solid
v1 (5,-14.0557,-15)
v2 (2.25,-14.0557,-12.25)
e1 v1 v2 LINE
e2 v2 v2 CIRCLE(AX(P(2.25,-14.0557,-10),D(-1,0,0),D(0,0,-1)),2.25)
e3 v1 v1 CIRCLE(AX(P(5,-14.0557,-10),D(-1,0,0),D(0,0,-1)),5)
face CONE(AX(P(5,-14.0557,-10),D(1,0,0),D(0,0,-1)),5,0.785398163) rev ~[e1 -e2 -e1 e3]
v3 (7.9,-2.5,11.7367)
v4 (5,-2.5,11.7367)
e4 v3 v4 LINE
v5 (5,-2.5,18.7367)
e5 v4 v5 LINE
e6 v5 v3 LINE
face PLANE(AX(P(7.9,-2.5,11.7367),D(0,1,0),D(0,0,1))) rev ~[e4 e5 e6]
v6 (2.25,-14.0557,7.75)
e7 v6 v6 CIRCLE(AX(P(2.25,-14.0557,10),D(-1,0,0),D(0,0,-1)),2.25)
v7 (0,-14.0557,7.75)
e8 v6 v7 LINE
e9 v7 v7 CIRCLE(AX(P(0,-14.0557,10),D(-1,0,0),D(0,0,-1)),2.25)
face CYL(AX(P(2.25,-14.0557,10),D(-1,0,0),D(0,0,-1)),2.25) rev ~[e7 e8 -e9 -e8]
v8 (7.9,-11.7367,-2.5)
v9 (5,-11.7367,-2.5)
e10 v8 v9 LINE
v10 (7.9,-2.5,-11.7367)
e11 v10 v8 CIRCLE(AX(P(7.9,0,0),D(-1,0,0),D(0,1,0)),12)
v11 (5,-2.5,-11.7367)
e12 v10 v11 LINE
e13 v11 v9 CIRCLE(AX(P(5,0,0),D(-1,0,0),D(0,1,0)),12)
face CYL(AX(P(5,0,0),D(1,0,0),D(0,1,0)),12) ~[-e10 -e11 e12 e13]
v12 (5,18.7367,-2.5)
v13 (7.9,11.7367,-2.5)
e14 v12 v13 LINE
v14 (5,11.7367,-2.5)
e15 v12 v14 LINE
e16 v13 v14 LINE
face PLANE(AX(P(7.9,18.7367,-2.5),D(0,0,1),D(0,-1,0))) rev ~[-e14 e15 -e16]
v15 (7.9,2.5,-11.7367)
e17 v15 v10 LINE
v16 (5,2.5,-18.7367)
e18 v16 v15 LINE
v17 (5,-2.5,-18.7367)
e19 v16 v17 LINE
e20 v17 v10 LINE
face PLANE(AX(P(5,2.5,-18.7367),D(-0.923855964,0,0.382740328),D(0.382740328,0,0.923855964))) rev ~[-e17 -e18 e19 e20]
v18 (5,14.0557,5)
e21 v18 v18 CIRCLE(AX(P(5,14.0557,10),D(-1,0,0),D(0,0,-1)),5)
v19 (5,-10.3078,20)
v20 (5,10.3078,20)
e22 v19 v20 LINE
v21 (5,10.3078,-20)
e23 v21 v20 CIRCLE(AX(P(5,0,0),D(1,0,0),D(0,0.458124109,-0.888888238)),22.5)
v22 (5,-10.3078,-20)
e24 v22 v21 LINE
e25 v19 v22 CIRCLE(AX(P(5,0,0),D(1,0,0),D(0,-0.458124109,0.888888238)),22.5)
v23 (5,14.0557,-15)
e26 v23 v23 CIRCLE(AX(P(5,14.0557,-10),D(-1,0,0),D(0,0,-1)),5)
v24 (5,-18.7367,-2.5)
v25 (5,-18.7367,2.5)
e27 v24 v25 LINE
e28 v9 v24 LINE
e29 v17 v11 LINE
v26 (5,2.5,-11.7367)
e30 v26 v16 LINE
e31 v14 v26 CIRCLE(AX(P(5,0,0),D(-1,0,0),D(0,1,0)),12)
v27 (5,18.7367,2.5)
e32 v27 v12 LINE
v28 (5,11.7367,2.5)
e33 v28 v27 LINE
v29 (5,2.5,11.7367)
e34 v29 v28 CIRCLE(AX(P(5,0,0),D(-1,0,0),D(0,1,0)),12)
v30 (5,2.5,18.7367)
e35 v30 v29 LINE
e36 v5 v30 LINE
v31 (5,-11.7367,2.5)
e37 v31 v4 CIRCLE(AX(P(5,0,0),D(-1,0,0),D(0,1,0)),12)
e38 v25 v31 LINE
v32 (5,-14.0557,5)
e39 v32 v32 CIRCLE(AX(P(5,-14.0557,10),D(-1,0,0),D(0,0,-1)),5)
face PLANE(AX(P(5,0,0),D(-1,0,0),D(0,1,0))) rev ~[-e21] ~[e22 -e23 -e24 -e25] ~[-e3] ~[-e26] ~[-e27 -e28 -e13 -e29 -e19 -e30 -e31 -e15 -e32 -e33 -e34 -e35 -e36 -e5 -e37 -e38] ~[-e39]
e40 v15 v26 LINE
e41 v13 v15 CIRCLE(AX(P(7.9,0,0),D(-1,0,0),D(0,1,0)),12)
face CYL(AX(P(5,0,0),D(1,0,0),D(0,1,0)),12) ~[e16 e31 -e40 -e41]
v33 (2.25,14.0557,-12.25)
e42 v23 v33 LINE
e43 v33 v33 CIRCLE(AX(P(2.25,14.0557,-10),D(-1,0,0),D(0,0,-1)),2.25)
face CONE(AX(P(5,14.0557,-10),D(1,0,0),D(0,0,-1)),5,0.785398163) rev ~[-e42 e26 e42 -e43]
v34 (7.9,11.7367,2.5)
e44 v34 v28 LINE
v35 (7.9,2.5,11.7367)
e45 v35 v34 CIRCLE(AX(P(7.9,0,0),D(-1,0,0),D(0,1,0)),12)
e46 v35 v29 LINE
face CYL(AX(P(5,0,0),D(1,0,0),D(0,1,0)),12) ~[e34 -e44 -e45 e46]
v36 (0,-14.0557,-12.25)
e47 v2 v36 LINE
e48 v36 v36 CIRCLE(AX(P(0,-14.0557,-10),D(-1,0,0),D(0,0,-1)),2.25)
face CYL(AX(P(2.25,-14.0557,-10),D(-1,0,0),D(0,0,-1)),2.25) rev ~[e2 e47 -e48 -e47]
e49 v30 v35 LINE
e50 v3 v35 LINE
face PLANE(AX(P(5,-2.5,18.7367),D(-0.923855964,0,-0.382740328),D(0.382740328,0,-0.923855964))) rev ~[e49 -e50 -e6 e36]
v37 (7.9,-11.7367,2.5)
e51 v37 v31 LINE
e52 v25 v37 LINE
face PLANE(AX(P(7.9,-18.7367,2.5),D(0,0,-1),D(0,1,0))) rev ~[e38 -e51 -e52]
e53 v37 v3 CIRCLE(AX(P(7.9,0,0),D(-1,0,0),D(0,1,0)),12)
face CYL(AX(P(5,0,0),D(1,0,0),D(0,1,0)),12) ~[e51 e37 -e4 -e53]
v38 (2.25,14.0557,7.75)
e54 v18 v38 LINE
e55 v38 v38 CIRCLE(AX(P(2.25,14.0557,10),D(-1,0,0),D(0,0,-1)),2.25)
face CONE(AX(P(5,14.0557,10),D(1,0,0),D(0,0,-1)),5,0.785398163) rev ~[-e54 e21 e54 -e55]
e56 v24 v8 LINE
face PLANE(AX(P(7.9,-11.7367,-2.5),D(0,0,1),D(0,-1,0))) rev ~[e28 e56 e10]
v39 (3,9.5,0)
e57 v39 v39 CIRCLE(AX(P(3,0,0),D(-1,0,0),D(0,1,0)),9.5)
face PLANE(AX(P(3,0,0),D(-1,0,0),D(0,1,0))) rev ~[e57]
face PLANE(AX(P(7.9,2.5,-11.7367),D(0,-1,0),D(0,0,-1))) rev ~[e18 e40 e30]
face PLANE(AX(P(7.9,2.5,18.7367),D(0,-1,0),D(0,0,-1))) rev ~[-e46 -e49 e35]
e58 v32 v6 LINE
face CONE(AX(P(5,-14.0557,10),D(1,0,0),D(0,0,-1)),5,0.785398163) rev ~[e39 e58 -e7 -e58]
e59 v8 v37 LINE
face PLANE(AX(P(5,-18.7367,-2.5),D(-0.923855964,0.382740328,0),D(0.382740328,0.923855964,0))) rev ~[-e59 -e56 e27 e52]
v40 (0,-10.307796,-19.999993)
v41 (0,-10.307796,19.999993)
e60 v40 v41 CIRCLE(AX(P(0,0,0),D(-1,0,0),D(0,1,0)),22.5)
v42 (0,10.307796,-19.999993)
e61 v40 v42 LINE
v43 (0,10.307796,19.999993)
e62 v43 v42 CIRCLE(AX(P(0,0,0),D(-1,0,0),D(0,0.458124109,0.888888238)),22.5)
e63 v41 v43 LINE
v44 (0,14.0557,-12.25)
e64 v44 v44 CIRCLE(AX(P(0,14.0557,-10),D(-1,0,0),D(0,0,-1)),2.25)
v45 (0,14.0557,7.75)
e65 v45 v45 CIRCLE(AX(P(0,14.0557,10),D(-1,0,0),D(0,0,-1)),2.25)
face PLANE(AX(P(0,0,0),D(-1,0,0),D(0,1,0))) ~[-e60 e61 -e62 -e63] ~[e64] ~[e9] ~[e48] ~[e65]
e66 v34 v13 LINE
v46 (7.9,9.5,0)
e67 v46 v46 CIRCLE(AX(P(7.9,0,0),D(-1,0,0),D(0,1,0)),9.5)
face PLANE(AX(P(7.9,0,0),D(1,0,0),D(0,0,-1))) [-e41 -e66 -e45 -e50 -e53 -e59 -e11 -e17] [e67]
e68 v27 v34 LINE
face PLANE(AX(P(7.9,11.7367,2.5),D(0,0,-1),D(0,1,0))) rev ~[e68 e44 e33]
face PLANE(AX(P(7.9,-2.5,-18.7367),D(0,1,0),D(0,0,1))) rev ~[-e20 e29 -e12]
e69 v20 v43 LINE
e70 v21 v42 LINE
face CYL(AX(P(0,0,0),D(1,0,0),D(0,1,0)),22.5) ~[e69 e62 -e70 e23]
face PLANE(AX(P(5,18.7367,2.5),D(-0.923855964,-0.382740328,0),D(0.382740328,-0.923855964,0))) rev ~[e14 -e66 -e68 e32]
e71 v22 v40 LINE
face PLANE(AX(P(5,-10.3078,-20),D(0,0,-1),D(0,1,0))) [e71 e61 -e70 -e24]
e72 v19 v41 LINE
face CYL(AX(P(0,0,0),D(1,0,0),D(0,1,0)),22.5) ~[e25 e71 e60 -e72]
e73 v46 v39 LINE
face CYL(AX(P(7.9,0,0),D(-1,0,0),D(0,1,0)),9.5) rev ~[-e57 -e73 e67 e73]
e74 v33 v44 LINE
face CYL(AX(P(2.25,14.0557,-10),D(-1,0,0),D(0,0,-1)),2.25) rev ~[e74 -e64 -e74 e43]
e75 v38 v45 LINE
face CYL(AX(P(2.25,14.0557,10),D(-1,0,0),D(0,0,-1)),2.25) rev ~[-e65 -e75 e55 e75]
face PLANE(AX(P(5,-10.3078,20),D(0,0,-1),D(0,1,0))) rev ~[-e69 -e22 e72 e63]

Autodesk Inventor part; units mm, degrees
ref_plane "YZ Plane" through (0, 0, 0) normal (1, 0, 0) x (0, 1, 0)
ref_plane "XZ Plane" through (0, 0, 0) normal (0, 1, 0) x (-1, 0, 0)
ref_plane "XY Plane" through (0, 0, 0) normal (0, 0, 1) x (1, 0, 0)
sketch "Skizze1" plane through (0, 0, 0) normal (0, 0, 1) x (1, 0, 0)
  line L0 (0, 0) -> (0, 22.5)
  line L1 (0, 22.5) -> (5, 22.5)
  line L2 (5, 22.5) -> (5, 12)
  line L3 (5, 12) -> (7.9, 12)
  line L4 (7.9, 12) -> (7.9, 9.5)
  line L5 (7.9, 9.5) -> (3, 9.5)
  line L6 (3, 9.5) -> (3, 0)
  line L7 (3, 0) -> (0, 0)
  line L8 (5, 17.25) -> (0, 17.25) construction
  line L9 (0, 18.75) -> (5, 18.75) construction
  line L10 (0, 15.75) -> (5, 15.75) construction
  line L11 (9, 12) -> (9, 0) construction
  line L12 (5, 12) -> (5, 0) construction
  dimension "d0" = 19
  dimension "d3" = 5
  dimension "d5" = 3
  dimension "d6" = 1.5
  dimension "d7" = 3.75
  dimension "d17" = 2.5
  dimension "d18" = 24
  dimension "d31" = 1.1
  dimension "d32" = 4
  dimension "d33" = 2
  dimension "d34" = 3
  dimension "DrivenPart_Flansch_TotalThickness" = 9
  dimension "d41" = 45
  dimension "FixationHole_Dia" = 34.5
revolve "Umdrehung1" add sketch "Skizze1" angle 360 about axis through (3, 0, 0) along (-1, 0, 0)
sketch "Skizze4" plane through (5, 0, 0) normal (1, 0, 0) x (0, -1, 0)
  line L0 (-14.0557, 10) -> (14.0557, 10) construction
  line L1 (14.0557, 10) -> (14.0557, -10) construction
  line L2 (14.0557, -10) -> (-14.0557, -10) construction
  line L3 (-14.0557, -10) -> (-14.0557, 10) construction
  circle A0 centre (0, 0) radius 12 construction
  line L4 (-14.0557, 10) -> (14.0557, -10) construction
  line L5 (14.0557, 10) -> (-14.0557, -10) construction
  circle A1 centre (0, 0) radius 17.25 construction
  arc A2 (-22.5, 0) -> (-22.5, 0) centre (0, 0) ccw construction
  circle A3 centre (0, 0) radius 22.5 construction
  dimension "d40" = 45
  dimension "d43" = 34.5
  dimension "d38" = 20
  dimension "d39" = 24
hole "Bohrung2" at (5, 14.0557, 10) at (5, 14.0557, -10) at (5, -14.0557, 10) at (5, -14.0557, -10) direction (-1, 0, 0) diameter 4.5 end through all countersink diameter 10 countersink angle 90 clearance for "Innensechskant-Senkkopfschraube DIN EN ISO 10642" size "M4" standard "DIN"
sketch "Skizze5" plane through (5, 0, 0) normal (1, 0, 0) x (0, 0, -1)
  circle A0 centre (0, 0) radius 22.5 projected
  circle A1 centre (0, 0) radius 22.5 projected
  line L0 (-20, -10.3078) -> (-20, 10.3078)
  line L1 (20, -10.3078) -> (20, 10.3078)
  point P0 (0, 0)
  dimension "d51" = 40
extrude "Extrusion2" cut sketch "Skizze5" against normal through all contours A0 L1 | L0 A0
sketch "Skizze6" plane through (7.9, 0, 0) normal (1, 0, 0) x (0, 0, -1)
  line L0 (-2.5, 18.7367) -> (2.5, 18.7367)
  line L1 (2.5, 18.7367) -> (2.5, 11.7367)
  line L2 (2.5, 11.7367) -> (-2.5, 11.7367)
  line L3 (-2.5, 11.7367) -> (-2.5, 18.7367)
  line L4 (0, 0) -> (0, 18.7367) construction
  circle A0 centre (0, 0) radius 12 projected
  dimension "d54" = 5
  dimension "d55" = 7
extrude "Extrusion3" add sketch "Skizze6" against normal up to surface (2.9 mm away) contours L0 L1 A0 L3
sketch "Skizze7" plane through (7.9, 11.7367, 2.5) normal (0, 0, 1) x (1, 0, 0)
  line L0 (0, 7) -> (-2.9, 7) projected
  line L1 (0, 0) -> (-2.9, 0) projected
  line L2 (-2.9, 7) -> (0, 0)
  line L3 (0, 7) -> (0, 0) projected
  point P0 (-7.9, -11.7367)
extrude "Extrusion4" cut sketch "Skizze7" against normal through all
pattern_circular "Runde Anordnung1" count 4 over 360 about axis through (5.45, 0, 0) along (1, 0, 0) of "Extrusion3", "Extrusion4"
equation "\"d43\" = FixationHole_Dia"
equation "\"d6\" = 0.5 * d5"
properties part number "ParallelMecha_DrivenLink_ShaftFixation" material "Aluminium 6061"
